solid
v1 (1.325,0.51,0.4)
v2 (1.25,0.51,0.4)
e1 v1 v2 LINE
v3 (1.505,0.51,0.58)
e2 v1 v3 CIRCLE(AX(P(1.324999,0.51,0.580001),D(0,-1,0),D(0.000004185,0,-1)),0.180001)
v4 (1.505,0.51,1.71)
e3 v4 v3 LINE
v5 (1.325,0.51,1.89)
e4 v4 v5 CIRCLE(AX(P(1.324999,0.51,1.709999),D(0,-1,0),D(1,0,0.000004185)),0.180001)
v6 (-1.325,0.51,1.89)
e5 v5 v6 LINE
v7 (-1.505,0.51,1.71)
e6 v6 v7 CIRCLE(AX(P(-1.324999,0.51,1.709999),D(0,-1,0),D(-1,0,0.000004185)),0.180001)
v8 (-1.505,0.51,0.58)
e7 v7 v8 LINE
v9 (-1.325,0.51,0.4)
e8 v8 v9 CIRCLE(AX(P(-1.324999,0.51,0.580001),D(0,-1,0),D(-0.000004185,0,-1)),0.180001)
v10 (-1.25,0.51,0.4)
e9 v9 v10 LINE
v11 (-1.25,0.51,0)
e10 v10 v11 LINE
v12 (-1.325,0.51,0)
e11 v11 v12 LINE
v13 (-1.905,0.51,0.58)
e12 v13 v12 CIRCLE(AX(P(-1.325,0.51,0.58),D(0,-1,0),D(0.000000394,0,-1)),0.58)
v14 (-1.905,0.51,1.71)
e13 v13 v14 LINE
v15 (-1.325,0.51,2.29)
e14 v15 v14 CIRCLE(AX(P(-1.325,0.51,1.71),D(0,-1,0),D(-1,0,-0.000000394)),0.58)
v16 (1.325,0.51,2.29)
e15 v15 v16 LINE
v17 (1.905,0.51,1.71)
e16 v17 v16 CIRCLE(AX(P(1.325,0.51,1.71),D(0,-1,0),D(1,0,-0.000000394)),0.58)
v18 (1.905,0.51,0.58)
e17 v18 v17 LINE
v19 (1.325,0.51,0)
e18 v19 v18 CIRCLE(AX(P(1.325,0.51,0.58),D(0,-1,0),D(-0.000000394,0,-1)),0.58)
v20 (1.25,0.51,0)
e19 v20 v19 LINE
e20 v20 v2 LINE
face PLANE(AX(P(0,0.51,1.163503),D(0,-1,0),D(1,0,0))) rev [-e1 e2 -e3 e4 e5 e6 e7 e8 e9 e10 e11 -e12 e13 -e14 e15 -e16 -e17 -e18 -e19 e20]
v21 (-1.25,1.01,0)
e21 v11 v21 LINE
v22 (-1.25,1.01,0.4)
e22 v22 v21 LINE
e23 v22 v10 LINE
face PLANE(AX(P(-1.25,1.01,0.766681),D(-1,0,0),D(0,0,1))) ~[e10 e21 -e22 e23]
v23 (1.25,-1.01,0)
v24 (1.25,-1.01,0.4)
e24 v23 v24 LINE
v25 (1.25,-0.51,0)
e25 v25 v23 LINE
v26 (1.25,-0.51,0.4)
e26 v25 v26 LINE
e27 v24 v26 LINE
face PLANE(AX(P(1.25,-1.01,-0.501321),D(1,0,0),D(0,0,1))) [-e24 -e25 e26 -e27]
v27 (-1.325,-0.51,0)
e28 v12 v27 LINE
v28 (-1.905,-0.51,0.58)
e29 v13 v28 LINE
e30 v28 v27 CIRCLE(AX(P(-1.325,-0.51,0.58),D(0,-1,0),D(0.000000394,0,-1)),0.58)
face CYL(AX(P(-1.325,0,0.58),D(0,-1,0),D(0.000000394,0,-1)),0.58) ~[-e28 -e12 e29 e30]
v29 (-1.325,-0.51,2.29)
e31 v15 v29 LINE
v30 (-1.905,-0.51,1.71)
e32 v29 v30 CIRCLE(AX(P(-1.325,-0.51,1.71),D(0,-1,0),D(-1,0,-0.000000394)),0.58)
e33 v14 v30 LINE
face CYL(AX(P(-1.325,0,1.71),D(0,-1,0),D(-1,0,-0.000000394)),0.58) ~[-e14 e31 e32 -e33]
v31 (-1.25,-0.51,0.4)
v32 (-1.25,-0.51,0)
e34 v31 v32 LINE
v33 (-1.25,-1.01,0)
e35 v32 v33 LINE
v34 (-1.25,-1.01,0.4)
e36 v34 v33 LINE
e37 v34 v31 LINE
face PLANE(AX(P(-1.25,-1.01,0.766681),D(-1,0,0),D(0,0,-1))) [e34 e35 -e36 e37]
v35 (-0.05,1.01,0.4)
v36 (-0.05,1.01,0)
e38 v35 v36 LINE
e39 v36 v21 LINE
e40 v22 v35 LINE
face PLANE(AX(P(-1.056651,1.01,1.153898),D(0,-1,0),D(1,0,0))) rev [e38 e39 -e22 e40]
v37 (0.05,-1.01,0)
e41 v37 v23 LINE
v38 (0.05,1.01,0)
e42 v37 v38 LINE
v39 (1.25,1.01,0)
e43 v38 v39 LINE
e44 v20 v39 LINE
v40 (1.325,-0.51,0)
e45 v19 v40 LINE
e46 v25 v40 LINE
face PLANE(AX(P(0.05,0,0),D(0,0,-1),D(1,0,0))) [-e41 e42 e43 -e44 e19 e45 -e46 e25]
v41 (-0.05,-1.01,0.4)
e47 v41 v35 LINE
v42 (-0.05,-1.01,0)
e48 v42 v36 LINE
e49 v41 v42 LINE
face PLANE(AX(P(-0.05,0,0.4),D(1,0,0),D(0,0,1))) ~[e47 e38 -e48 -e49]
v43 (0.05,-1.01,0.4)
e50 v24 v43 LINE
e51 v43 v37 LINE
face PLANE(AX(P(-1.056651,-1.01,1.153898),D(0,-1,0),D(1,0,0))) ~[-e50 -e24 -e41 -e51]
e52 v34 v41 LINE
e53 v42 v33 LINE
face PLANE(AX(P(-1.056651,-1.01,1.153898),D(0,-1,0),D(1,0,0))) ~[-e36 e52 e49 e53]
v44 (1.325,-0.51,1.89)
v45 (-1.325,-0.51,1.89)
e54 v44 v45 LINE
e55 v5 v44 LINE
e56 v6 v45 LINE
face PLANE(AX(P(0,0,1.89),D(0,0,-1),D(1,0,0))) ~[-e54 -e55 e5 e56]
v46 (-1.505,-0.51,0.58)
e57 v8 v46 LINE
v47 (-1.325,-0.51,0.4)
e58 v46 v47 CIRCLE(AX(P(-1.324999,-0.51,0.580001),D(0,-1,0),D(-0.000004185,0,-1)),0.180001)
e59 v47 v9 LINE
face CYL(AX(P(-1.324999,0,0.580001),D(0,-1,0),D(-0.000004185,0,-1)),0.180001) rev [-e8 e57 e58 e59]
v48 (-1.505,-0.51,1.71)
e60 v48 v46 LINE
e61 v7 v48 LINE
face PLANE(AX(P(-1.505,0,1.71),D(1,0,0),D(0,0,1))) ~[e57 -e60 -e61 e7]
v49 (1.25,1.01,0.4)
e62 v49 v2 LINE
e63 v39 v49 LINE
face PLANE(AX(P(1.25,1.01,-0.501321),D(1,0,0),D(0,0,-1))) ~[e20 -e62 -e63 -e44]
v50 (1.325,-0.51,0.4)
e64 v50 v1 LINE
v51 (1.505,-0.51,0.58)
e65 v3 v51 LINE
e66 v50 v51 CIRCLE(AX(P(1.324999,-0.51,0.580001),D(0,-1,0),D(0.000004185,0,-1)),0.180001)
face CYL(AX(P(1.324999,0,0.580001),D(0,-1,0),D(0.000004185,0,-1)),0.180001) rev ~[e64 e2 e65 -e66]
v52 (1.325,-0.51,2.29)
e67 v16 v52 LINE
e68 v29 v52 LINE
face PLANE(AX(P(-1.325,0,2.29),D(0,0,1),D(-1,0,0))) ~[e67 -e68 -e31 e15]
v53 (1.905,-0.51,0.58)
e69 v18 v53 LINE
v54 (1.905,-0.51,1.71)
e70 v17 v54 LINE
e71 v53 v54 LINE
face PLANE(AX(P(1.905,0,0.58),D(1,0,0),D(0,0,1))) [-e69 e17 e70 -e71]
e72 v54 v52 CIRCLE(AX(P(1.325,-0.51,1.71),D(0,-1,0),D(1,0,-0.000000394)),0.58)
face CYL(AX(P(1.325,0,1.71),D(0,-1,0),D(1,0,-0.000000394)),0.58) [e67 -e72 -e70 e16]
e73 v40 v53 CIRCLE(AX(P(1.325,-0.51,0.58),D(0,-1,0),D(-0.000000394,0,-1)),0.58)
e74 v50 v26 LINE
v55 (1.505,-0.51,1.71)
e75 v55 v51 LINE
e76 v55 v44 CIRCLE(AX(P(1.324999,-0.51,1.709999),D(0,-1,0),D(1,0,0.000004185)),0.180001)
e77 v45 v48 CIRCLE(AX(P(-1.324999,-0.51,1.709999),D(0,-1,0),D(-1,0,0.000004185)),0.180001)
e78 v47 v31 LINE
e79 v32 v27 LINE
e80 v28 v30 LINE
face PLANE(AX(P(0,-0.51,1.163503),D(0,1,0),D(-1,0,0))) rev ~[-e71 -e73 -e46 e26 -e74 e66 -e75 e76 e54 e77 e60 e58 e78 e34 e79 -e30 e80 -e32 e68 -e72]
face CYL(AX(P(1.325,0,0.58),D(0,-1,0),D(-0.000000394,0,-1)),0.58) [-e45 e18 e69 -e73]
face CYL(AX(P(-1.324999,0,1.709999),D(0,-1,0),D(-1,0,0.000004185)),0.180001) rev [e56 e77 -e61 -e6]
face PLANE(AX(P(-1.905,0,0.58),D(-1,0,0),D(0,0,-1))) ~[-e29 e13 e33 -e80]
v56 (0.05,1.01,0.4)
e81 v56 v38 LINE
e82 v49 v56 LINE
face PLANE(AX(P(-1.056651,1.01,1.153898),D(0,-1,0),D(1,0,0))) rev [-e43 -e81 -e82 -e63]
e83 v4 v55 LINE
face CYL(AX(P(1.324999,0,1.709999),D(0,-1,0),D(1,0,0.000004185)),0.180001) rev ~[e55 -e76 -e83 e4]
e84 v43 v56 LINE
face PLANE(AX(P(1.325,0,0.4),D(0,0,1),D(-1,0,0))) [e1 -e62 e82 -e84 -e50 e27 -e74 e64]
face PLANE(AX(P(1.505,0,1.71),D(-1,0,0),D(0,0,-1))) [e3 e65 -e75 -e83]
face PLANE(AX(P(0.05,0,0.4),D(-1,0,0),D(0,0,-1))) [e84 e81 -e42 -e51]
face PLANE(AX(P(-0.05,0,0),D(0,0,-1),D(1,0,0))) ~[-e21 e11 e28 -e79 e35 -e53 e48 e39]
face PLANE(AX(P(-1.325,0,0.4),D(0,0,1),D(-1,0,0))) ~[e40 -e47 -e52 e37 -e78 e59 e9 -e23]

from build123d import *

# Parameters (mm, degrees)
PAD_DEPTH    = 1.01
POCKET_DEPTH = 0.5


with BuildPart() as part:
    # Sketch → Pad (new body, symmetric)
    with BuildSketch(Plane.XZ):
        with BuildLine():
            Line((0.05, 0), (1.325, 0))
            ThreePointArc((1.325, 0), (1.735122, 0.169878), (1.905, 0.58))
            Line((1.905, 0.58), (1.905, 1.71))
            ThreePointArc((1.905, 1.71), (1.735122, 2.120122), (1.325, 2.29))
            Line((1.325, 2.29), (0, 2.29))
            Line((0, 2.29), (0, 1.89))
            Line((0, 1.89), (1.325, 1.89))
            ThreePointArc((1.505, 1.71), (1.452279, 1.837279), (1.325, 1.89))
            Line((1.505, 1.71), (1.505, 0.58))
            ThreePointArc((1.325, 0.4), (1.452279, 0.452721), (1.505, 0.58))
            Line((1.325, 0.4), (0.05, 0.4))
            Line((0.05, 0.4), (0.05, 0))
        make_face()
    pad = extrude(amount=PAD_DEPTH, both=True)

    # Mirrored: Pad across Sketch V_Axis
    add(pad.mirror(Plane(origin=(0, 0, 0), x_dir=(0, -1, 0), z_dir=(1, 0, 0))))

    # Sketch001 (on Face5 of Mirrored) → Pocket (cut)
    with BuildSketch(Plane.XZ.offset(1.01)):
        Polygon((1.25, -0.501321), (1.25, 0.766681), (-1.25, 0.766681), (-1.25, -0.501321), (-2.34865, -0.501321), (-2.34865, 2.758472), (2.34865, 2.758472), (2.34865, -0.501321), align=None)
    pocket = extrude(amount=-POCKET_DEPTH, mode=Mode.SUBTRACT)

    # Mirrored001: Pocket across XZ
    add(pocket.mirror(Plane.XZ), mode=Mode.SUBTRACT)


solid = part.part
